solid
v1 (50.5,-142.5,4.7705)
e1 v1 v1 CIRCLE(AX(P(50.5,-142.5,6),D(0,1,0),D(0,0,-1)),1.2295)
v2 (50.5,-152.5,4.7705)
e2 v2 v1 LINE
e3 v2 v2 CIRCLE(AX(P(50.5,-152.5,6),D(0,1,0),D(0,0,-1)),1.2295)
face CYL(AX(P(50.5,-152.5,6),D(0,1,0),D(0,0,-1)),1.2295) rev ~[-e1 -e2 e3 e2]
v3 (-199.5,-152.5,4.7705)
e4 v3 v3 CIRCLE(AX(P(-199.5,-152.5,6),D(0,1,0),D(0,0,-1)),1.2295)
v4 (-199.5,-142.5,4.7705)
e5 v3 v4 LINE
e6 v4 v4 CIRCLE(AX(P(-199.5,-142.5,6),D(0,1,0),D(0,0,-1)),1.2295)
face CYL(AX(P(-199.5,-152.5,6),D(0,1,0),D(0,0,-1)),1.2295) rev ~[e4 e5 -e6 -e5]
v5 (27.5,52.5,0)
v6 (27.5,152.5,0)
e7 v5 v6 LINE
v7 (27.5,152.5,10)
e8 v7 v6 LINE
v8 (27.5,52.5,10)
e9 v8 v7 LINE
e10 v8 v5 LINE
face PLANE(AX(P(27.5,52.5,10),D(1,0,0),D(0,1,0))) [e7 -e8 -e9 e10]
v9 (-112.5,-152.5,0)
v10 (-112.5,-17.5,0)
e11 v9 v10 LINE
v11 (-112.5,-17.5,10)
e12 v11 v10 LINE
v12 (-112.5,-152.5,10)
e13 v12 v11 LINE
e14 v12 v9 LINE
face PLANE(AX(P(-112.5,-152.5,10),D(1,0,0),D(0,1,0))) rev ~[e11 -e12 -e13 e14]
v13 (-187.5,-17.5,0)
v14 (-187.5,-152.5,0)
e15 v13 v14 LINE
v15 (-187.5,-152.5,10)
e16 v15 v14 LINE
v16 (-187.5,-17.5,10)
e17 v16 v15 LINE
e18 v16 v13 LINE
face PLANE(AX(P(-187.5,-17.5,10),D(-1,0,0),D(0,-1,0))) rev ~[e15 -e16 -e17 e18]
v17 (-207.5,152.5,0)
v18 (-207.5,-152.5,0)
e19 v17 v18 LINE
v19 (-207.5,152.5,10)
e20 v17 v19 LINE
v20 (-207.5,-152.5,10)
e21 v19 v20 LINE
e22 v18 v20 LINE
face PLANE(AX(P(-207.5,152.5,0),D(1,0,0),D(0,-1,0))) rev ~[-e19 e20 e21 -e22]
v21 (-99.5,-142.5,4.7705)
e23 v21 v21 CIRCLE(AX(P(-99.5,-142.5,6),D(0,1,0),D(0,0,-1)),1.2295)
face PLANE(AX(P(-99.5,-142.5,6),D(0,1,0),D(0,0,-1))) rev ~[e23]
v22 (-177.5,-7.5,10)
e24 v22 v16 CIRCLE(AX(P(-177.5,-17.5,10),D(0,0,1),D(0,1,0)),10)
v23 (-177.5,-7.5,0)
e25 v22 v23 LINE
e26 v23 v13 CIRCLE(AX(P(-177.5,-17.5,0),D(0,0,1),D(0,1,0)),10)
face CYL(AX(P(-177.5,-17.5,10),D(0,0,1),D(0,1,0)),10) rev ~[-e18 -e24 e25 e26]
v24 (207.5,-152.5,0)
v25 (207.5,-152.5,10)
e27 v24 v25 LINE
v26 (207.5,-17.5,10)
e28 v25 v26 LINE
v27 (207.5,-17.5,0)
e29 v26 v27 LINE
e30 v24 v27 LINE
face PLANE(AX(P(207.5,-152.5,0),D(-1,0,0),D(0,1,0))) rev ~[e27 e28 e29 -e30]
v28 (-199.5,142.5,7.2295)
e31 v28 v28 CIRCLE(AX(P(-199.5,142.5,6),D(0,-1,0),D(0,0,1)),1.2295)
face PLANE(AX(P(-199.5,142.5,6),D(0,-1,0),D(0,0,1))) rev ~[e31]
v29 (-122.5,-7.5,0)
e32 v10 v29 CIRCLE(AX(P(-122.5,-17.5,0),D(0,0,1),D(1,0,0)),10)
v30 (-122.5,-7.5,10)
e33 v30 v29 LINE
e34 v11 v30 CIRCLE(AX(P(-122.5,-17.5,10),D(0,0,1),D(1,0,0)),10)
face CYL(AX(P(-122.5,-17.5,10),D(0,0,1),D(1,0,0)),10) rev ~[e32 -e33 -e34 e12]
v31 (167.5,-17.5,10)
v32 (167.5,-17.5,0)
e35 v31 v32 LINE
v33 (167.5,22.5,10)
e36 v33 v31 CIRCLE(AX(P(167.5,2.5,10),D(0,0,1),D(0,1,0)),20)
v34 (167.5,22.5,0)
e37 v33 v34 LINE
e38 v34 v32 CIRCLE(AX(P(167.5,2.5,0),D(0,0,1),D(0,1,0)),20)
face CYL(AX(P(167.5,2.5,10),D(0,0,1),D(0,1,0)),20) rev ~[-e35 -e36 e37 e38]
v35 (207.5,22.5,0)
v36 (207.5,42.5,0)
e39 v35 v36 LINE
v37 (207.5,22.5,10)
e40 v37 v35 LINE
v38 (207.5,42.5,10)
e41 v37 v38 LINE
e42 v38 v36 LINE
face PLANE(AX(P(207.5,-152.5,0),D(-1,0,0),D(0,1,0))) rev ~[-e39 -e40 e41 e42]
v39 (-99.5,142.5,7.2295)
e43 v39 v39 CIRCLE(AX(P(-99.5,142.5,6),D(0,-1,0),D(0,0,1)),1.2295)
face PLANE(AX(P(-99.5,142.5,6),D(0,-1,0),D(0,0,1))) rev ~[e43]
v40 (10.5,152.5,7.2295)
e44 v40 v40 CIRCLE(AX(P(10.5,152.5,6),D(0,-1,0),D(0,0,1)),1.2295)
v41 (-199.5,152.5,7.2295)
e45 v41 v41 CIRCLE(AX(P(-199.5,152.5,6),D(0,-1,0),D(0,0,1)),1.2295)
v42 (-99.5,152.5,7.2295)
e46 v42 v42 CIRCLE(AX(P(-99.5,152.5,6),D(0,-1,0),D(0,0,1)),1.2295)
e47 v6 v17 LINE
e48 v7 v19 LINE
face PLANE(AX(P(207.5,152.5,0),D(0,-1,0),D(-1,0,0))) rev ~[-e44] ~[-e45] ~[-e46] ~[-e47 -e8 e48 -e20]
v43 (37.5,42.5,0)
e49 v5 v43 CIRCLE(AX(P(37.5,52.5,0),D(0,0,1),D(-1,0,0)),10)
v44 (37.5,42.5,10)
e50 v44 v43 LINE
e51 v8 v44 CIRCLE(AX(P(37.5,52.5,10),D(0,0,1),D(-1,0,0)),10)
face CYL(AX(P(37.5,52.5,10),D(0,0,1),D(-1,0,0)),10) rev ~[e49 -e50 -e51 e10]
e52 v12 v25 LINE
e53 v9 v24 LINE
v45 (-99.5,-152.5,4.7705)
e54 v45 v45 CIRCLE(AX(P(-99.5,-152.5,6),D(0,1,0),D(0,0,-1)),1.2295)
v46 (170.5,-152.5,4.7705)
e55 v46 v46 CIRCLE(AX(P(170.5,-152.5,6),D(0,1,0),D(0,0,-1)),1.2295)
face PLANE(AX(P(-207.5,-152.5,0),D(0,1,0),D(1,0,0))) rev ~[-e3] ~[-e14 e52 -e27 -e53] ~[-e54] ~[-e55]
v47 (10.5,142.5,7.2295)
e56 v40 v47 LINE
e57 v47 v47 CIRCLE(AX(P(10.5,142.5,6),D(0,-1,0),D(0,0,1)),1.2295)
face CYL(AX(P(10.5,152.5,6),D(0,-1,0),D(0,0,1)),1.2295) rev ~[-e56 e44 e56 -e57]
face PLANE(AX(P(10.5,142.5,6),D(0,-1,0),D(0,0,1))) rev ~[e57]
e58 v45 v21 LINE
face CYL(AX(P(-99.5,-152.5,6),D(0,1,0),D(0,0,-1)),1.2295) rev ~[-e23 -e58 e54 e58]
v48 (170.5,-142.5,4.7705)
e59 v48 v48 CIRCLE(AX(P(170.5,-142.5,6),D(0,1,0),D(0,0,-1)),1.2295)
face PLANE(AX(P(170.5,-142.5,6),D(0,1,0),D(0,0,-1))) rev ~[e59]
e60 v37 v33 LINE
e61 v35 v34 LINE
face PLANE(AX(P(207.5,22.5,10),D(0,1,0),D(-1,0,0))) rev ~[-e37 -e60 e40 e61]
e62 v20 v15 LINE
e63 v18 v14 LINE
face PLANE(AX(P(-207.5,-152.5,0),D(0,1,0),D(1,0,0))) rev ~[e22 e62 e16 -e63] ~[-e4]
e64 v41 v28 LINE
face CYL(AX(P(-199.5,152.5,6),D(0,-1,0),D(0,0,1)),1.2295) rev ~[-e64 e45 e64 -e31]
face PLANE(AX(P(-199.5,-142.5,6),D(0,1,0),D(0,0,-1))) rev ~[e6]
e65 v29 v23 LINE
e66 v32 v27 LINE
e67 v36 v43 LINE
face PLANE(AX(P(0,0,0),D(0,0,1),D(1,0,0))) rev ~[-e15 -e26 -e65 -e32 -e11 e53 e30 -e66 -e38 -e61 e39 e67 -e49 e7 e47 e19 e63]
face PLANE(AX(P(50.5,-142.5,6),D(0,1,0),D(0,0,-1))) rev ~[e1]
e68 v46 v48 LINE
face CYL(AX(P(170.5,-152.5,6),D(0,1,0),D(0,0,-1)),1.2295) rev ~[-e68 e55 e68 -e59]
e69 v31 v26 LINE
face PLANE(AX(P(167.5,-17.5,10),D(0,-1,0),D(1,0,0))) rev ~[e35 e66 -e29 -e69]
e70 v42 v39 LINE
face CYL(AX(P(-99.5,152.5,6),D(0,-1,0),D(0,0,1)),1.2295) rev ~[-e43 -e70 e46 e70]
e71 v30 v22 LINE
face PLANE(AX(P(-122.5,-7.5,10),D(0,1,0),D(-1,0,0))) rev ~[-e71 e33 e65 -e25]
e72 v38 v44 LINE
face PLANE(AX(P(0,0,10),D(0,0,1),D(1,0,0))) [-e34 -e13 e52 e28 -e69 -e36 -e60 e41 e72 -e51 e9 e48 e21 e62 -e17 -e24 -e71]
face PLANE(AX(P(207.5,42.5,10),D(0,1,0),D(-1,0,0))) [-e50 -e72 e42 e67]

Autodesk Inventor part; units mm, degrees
ref_plane "YZ Plane" through (0, 0, 0) normal (1, 0, 0) x (0, 1, 0)
ref_plane "XZ Plane" through (0, 0, 0) normal (0, 1, 0) x (-1, 0, 0)
ref_plane "XY Plane" through (0, 0, 0) normal (0, 0, 1) x (1, 0, 0)
sketch "Sketch1" plane through (0, 0, 0) normal (0, 0, 1) x (1, 0, 0)
  line L0 (-207.5, -152.5) -> (207.5, -152.5)
  line L1 (207.5, -152.5) -> (207.5, 152.5)
  line L2 (207.5, 152.5) -> (-207.5, 152.5)
  line L3 (-207.5, 152.5) -> (-207.5, -152.5)
  line L4 (-207.5, -152.5) -> (207.5, 152.5) construction
  line L5 (207.5, -152.5) -> (-207.5, 152.5) construction
  point P0 (0, 0)
  dimension "d0" = 415
  dimension "d1" = 305
extrude "Extrusion1" add sketch "Sketch1" along normal blind 10
sketch "Sketch2" plane through (0, 0, 10) normal (0, 0, 1) x (1, 0, 0)
  line L0 (-207.5, -152.5) -> (207.5, -152.5) projected
  line L1 (-187.5, -152.5) -> (-112.5, -152.5)
  line L2 (-112.5, -152.5) -> (-112.5, -17.5)
  line L3 (-122.5, -7.5) -> (-177.5, -7.5)
  line L4 (-187.5, -17.5) -> (-187.5, -152.5)
  line L5 (-207.5, 152.5) -> (-207.5, -152.5) projected
  line L6 (207.5, -152.5) -> (207.5, 152.5) projected
  line L7 (207.5, 22.5) -> (167.5, 22.5)
  line L8 (167.5, 22.5) -> (167.5, -17.5) construction
  line L9 (167.5, -17.5) -> (207.5, -17.5)
  line L10 (207.5, -17.5) -> (207.5, 22.5)
  line L11 (207.5, 152.5) -> (-207.5, 152.5) projected
  arc A0 (167.5, 22.5) -> (167.5, -17.5) centre (167.5, 2.5) ccw
  line L12 (27.5, 152.5) -> (207.5, 152.5)
  line L13 (207.5, 152.5) -> (207.5, 42.5)
  line L14 (207.5, 42.5) -> (37.5, 42.5)
  line L15 (27.5, 52.5) -> (27.5, 152.5)
  arc A1 (-177.5, -7.5) -> (-187.5, -17.5) centre (-177.5, -17.5) ccw
  arc A2 (-112.5, -17.5) -> (-122.5, -7.5) centre (-122.5, -17.5) ccw
  arc A3 (27.5, 52.5) -> (37.5, 42.5) centre (37.5, 52.5) ccw
  point P0 (0, 0)
  point P1 (-112.5, -7.5)
  point P2 (-187.5, -7.5)
  point P3 (27.5, 42.5)
  dimension "d4" = 145
  dimension "d5" = 75
  dimension "d6" = 20
  dimension "d7" = 40
  dimension "d8" = 40
  dimension "d9" = 130
  dimension "d10" = 110
  dimension "d11" = 180
  dimension "d41" = 10
extrude "Extrusion2" cut sketch "Sketch2" against normal blind 10 contours L4 A1 L3 A2 L2 L0 | L11 L6 L14 A3 L15 | L9 A0 L7 L6
sketch "Sketch3" plane through (207.5, -152.5, 0) normal (0, -1, 0) x (1, 0, 0)
  line L0 (-415, 0) -> (-415, 10) projected
  line L1 (-415, 6) -> (0, 6) construction
  line L2 (0, 10) -> (0, 0) projected
  line L3 (-320, 0) -> (0, 0) construction
  line L4 (-395, 0) -> (-395, 10) construction
  point P0 (-207.5, 0)
  point P1 (-407, 6)
  point P2 (-307, 6)
  point P3 (-37, 6)
  point P4 (-157, 6)
  dimension "d14" = 6
  dimension "d15" = 415
  dimension "d16" = 20
  dimension "d17" = 8
  dimension "d18" = 100
  dimension "d19" = 150
  dimension "d20" = 120
sketch "Sketch4" plane through (-207.5, 152.5, 10) normal (0, 1, 0) x (1, 0, 0)
  line L0 (0, 10) -> (0, 0) projected
  line L1 (0, 4) -> (235, 4) construction
  line L2 (235, 10) -> (0, 10) projected
  point P0 (207.5, 10)
  point P1 (8, 4)
  point P2 (108, 4)
  point P3 (218, 4)
  dimension "d22" = 6
  dimension "d23" = 8
  dimension "d24" = 210
  dimension "d25" = 100
hole "Hole1" at (-199.5, -152.5, 6) at (-99.5, -152.5, 6) at (50.5, -152.5, 6) at (170.5, -152.5, 6) direction (0, 1, 0) diameter 2.459 depth 10 thread size "M3x0.5" designation "M3" class "6H" standard "ISO Metric profile"
hole "Hole2" at (10.5, 152.5, 6) at (-99.5, 152.5, 6) at (-199.5, 152.5, 6) direction (0, -1, 0) diameter 2.459 depth 10 thread size "M3x0.5" designation "M3" class "6H" standard "ISO Metric profile"
properties part number "Bottom"
